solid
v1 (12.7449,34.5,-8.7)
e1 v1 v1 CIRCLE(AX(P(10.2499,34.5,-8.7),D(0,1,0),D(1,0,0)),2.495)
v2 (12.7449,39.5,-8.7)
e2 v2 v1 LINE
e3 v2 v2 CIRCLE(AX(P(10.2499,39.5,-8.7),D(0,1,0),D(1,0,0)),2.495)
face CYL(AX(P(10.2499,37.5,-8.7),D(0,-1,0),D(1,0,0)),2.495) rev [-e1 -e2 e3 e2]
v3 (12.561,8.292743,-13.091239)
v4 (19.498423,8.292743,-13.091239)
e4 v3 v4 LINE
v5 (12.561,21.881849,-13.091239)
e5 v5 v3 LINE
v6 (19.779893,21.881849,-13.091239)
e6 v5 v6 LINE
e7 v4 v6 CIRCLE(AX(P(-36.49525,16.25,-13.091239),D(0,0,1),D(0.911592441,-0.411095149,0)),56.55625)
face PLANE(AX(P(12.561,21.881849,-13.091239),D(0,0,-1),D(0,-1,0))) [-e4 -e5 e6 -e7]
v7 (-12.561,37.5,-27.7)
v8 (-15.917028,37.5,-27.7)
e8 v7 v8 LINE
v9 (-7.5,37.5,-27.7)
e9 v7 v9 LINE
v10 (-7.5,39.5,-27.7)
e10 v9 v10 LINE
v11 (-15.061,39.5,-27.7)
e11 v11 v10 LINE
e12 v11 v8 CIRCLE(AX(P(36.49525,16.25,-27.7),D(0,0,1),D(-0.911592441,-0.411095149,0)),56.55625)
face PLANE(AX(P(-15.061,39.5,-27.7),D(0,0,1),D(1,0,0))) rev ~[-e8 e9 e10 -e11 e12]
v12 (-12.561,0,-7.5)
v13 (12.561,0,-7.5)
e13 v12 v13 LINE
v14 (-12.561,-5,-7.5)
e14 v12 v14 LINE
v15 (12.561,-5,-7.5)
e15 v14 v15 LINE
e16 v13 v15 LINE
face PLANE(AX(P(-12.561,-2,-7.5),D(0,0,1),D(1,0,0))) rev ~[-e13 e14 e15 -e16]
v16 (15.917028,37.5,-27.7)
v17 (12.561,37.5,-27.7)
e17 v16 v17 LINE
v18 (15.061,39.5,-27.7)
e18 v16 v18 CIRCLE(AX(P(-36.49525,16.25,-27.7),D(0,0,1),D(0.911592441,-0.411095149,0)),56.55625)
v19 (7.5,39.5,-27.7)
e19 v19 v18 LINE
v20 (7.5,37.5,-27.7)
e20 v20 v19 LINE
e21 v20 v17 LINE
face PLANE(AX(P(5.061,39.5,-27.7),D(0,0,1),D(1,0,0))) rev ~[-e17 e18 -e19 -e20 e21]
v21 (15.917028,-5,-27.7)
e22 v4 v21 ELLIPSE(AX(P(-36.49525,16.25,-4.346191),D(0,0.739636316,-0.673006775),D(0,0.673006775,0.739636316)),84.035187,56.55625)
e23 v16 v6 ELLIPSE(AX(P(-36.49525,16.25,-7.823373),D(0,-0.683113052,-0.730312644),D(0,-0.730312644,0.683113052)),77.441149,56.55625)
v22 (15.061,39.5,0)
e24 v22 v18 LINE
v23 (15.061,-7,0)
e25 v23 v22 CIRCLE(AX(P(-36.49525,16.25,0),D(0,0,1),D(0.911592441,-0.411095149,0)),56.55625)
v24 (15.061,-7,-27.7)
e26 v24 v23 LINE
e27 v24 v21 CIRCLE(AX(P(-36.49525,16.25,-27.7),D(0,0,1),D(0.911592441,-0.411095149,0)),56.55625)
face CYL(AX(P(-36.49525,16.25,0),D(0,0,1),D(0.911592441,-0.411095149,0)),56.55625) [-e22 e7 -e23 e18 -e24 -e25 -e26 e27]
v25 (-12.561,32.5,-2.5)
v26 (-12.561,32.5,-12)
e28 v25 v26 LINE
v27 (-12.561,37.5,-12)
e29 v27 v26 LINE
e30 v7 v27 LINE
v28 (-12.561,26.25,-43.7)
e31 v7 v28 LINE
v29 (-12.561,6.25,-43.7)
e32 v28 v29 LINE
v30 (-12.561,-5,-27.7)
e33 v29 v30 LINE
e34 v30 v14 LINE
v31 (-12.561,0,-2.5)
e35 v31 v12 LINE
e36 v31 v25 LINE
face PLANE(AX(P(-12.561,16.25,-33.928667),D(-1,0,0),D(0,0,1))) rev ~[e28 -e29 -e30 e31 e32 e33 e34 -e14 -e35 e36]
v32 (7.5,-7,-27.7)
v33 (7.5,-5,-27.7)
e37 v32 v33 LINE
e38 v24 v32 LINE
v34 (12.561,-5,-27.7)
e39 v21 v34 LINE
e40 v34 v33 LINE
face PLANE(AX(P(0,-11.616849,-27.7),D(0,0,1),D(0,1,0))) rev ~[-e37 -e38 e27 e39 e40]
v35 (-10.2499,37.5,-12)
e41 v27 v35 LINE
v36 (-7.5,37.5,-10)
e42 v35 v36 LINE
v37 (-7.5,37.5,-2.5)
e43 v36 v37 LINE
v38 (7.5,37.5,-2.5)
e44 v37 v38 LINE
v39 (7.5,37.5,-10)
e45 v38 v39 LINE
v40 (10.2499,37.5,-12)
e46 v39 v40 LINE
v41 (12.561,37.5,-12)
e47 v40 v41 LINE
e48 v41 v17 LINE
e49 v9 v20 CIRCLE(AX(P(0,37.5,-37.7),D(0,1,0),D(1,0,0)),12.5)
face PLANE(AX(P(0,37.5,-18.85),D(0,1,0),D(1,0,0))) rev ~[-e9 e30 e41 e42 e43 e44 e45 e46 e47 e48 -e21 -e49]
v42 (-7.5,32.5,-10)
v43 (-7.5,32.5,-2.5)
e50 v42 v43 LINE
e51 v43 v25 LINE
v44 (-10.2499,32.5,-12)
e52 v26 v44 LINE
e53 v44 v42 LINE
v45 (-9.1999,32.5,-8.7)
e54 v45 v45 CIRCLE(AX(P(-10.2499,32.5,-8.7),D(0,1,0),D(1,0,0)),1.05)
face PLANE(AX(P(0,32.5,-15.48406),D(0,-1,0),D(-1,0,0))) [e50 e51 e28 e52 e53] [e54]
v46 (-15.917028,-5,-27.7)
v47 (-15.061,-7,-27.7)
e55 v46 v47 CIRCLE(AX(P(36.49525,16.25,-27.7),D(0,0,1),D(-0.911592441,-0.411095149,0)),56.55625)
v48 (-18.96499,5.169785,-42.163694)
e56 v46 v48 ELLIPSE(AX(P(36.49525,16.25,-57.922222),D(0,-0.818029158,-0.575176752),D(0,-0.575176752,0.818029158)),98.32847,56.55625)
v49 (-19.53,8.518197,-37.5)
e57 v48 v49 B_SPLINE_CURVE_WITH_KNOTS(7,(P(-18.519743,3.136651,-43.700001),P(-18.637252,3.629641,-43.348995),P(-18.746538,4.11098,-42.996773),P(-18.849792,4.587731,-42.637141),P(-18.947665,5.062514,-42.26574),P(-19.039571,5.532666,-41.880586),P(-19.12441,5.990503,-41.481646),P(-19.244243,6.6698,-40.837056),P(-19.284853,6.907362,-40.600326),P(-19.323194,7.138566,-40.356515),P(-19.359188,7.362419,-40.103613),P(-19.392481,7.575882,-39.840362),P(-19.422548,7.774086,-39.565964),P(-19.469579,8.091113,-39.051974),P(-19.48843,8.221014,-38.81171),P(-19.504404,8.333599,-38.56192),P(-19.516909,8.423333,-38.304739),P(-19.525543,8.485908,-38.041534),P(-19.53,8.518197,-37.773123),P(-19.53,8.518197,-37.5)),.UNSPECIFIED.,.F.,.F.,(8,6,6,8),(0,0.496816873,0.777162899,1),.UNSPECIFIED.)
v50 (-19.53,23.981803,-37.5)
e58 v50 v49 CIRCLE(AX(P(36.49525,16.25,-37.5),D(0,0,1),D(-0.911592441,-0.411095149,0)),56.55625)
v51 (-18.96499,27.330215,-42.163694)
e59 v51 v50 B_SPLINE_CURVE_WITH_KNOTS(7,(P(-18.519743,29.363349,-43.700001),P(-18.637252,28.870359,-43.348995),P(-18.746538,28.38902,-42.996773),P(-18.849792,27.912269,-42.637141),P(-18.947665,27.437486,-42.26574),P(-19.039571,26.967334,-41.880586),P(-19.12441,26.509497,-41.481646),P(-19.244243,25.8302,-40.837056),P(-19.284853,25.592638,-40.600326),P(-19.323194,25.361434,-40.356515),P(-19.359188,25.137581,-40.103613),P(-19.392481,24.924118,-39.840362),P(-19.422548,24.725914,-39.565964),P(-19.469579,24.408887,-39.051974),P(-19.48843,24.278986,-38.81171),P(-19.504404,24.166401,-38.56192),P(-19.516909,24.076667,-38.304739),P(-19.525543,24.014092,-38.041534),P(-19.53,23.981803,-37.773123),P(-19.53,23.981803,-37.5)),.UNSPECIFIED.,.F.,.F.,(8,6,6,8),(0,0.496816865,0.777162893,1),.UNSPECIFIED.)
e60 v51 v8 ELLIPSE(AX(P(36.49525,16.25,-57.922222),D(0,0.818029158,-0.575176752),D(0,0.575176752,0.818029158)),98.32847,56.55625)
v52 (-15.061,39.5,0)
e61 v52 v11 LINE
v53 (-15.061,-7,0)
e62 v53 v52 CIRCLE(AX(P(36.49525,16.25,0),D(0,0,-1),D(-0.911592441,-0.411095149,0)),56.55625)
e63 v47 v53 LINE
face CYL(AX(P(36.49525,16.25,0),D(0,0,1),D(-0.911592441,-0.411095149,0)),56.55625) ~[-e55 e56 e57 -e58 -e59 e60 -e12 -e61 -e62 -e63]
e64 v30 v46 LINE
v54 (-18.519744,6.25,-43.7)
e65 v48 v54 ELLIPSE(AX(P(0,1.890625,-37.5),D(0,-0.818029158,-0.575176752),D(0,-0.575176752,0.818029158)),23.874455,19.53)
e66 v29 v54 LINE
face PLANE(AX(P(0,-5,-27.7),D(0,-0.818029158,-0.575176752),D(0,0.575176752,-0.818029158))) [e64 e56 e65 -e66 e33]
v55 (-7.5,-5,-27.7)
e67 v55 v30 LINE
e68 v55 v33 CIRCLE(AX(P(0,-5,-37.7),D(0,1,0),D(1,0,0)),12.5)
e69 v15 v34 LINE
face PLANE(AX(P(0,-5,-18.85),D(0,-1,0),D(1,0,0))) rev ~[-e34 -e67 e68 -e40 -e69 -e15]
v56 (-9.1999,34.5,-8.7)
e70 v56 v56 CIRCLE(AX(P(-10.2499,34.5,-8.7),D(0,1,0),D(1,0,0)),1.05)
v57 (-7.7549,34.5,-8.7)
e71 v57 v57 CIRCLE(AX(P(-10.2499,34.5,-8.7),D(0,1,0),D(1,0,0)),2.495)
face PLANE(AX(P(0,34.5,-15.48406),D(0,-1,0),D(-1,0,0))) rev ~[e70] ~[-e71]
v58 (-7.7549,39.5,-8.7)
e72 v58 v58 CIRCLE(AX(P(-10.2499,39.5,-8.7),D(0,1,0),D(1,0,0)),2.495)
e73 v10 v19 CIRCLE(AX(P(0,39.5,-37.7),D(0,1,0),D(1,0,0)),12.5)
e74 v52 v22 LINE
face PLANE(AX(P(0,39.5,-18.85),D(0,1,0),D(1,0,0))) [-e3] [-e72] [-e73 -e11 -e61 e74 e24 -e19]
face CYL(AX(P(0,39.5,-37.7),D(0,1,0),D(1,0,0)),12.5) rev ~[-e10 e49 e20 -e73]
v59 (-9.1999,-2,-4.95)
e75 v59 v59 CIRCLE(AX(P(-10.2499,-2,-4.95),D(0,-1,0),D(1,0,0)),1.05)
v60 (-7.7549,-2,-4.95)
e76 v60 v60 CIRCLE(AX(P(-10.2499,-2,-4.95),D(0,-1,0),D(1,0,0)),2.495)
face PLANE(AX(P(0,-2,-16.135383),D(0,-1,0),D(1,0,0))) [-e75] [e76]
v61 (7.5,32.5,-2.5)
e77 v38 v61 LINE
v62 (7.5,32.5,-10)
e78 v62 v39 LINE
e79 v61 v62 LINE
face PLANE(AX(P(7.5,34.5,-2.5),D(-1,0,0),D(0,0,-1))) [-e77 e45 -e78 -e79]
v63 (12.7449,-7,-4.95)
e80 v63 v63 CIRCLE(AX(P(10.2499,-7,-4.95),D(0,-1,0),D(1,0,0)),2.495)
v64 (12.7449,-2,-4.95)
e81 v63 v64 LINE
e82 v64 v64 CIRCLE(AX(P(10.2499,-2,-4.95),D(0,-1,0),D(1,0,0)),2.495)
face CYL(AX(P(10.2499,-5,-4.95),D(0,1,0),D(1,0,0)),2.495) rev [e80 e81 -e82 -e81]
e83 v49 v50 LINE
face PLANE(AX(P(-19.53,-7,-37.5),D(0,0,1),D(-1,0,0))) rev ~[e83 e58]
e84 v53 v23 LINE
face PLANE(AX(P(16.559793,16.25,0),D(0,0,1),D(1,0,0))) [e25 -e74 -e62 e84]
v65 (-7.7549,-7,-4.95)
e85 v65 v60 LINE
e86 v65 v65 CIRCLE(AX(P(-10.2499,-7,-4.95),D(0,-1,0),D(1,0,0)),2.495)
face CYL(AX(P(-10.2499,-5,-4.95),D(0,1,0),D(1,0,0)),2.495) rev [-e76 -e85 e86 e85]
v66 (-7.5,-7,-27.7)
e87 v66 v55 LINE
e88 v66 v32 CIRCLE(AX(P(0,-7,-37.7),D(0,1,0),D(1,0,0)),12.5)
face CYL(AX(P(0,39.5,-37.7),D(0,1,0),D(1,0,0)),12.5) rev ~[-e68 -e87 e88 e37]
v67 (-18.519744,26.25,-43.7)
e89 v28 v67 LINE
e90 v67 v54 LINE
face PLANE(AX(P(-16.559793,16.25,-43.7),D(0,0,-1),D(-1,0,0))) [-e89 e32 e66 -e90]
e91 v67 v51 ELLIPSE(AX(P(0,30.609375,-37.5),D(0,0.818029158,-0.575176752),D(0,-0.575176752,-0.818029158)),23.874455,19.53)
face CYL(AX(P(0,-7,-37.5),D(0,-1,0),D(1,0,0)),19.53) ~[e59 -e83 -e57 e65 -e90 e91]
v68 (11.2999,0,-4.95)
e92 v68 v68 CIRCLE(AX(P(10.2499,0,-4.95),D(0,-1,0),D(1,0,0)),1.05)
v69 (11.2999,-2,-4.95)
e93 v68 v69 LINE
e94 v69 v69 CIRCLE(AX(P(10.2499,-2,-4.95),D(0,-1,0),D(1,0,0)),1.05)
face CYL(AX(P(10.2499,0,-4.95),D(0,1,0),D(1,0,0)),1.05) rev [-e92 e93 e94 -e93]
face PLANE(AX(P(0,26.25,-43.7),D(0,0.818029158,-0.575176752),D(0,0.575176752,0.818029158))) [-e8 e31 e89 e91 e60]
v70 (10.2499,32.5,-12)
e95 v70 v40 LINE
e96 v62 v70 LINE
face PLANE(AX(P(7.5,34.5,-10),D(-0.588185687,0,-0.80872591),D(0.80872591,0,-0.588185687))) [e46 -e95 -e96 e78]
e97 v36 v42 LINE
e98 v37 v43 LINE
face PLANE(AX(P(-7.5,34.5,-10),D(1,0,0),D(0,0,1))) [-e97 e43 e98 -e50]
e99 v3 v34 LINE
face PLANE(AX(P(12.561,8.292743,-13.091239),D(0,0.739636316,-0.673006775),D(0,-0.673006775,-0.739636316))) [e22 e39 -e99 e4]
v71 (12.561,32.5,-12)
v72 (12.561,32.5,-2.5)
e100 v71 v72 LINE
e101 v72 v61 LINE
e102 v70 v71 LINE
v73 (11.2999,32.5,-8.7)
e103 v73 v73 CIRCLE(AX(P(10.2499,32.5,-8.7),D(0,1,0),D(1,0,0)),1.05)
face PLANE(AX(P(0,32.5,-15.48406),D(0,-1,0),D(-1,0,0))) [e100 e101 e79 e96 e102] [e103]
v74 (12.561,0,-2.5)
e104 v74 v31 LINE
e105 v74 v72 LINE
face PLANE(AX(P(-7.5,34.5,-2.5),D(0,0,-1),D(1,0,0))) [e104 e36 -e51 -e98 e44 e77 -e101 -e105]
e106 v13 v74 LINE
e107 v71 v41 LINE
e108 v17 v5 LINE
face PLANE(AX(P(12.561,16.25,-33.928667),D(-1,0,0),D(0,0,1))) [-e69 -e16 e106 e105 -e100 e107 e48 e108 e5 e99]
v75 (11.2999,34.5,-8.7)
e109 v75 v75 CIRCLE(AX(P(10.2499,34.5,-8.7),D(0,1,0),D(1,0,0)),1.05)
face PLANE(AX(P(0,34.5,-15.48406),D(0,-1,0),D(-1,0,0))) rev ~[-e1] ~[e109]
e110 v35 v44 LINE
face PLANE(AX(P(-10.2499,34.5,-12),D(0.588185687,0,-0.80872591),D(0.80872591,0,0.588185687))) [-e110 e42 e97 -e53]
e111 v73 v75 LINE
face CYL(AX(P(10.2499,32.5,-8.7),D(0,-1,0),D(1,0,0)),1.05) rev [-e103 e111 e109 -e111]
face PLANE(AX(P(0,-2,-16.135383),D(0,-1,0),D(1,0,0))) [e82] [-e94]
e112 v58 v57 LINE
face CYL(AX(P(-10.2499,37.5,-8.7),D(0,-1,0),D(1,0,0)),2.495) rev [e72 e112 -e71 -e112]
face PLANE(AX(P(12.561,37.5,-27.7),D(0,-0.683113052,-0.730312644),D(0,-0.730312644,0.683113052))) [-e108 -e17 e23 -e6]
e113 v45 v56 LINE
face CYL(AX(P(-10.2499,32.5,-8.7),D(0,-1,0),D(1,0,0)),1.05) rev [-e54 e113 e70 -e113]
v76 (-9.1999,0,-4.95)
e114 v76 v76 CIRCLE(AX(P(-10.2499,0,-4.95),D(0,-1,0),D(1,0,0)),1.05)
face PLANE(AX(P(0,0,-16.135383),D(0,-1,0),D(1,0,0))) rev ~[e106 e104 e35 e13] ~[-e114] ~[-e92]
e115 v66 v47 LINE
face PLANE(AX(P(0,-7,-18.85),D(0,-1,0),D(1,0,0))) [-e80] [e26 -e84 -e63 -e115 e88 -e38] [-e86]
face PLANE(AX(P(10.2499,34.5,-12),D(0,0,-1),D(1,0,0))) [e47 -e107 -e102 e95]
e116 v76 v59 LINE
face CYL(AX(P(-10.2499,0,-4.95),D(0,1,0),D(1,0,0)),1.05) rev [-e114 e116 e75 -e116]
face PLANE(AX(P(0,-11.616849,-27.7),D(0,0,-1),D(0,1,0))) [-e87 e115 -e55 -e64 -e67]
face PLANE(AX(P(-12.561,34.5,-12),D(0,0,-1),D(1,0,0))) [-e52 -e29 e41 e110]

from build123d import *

# Parameters (mm, degrees)
BOSS_EXTRUDE1_DEPTH     = 32.5
SKETCH4_R               = 1.05
BOSS_EXTRUDE2_DEPTH     = 2
SKETCH7_R               = 2.495
WIRE_SPACING2_DEPTH     = 3
SKETCH8_W               = 30.122
SKETCH8_H               = 37.7
SKETCH8_R               = 2.495
BOSS_EXTRUDE6_DEPTH     = 2
SKETCH5_R               = 1.05
BOSS_EXTRUDE3_DEPTH     = 2
SKETCH9_R               = 2.495
WIRE_SPACING1_DEPTH     = 3
SKETCH10_W              = 30.122
SKETCH10_H              = 37.7
SKETCH10_R              = 2.495
BOSS_EXTRUDE8_DEPTH     = 2
SKETCH11_R              = 12.5
CUT_EXTRUDE1_DEPTH      = 47.5
SKETCH18_W              = 10
SKETCH18_H              = 10
CUT_EXTRUDE4_DEPTH      = 47.5
BOSS_EXTRUDE10_DEPTH    = 2.5
BOSS_EXTRUDE11_DEPTH    = 2.5
BOSS_EXTRUDE12_DEPTH    = 43.7
CUT_EXTRUDE5_DEPTH      = 21.061
CUT_EXTRUDE5_DEPTH_BACK = 21.061
CUT_EXTRUDE7_DEPTH      = 8.5
CUT_EXTRUDE8_DEPTH      = 47.5


with BuildPart() as part:
    # Sketch2 → Boss-Extrude1 (new body)
    with BuildSketch(Plane(origin=(0, 0, 0), x_dir=(1, 0, 0), z_dir=(0, 1, 0))):
        Polygon((15.061, 0), (15.061, 37.7), (12.561, 37.7), (12.561, 2.5), (-12.561, 2.5), (-12.561, 37.7), (-15.061, 37.7), (-15.061, 0), align=None)
    extrude(amount=BOSS_EXTRUDE1_DEPTH)

    # Sketch4 → Boss-Extrude2 (add)
    with BuildSketch(Plane.XZ):
        Polygon((-15.061, 0), (-15.061, -7.443777264), (-15.061, -37.7), (-12.561, -37.7), (-12.561, -7.5), (12.561, -7.5), (12.561, -37.7), (15.061, -37.7), (15.061, -7.443777264), (15.061, 0), align=None)
        with Locations((-10.2499, -4.95)):
            Circle(SKETCH4_R, mode=Mode.SUBTRACT)
        with Locations((10.2499, -4.95)):
            Circle(SKETCH4_R, mode=Mode.SUBTRACT)
    extrude(amount=BOSS_EXTRUDE2_DEPTH)

    # Sketch7 → Wire spacing2 (add)
    with BuildSketch(Plane.XZ.offset(2)):
        Polygon((-15.061, 0), (-15.061, -37.7), (-12.561, -37.7), (-12.561, -7.5), (12.561, -7.5), (12.561, -37.7), (15.061, -37.7), (15.061, 0), align=None)
        with Locations((-10.2499, -4.95)):
            Circle(SKETCH7_R, mode=Mode.SUBTRACT)
        with Locations((10.2499, -4.95)):
            Circle(SKETCH7_R, mode=Mode.SUBTRACT)
    extrude(amount=WIRE_SPACING2_DEPTH)

    # Sketch8 → Boss-Extrude6 (add)
    with BuildSketch(Plane.XZ.offset(5)):
        with Locations((0, -18.85)):
            Rectangle(SKETCH8_W, SKETCH8_H)
        with Locations((-10.2499, -4.95)):
            Circle(SKETCH8_R, mode=Mode.SUBTRACT)
        with Locations((10.2499, -4.95)):
            Circle(SKETCH8_R, mode=Mode.SUBTRACT)
    extrude(amount=BOSS_EXTRUDE6_DEPTH)

    # Sketch5 → Boss-Extrude3 (add)
    with BuildSketch(Plane(origin=(0, 32.5, 0), x_dir=(1, 0, 0), z_dir=(0, 1, 0))):
        Polygon((-7.5, 10), (-7.5, 2.5), (7.5, 2.5), (7.5, 10), (10.2499, 12), (12.561, 12), (12.561, 37.7), (15.061, 37.7), (15.061, 0), (-15.061, 0), (-15.061, 37.7), (-12.561, 37.7), (-12.561, 12), (-10.2499, 12), align=None)
        with Locations((-10.2499, 8.7)):
            Circle(SKETCH5_R, mode=Mode.SUBTRACT)
        with Locations((10.2499, 8.7)):
            Circle(SKETCH5_R, mode=Mode.SUBTRACT)
    extrude(amount=BOSS_EXTRUDE3_DEPTH)

    # Sketch9 → Wire spacing1 (add)
    with BuildSketch(Plane(origin=(0, 34.5, 0), x_dir=(1, 0, 0), z_dir=(0, 1, 0))):
        Polygon((-15.061, 0), (-15.061, 37.7), (-12.561, 37.7), (-12.561, 12), (-10.2499, 12), (-7.5, 10), (-7.5, 2.5), (7.5, 2.5), (7.5, 10), (10.2499, 12), (12.561, 12), (12.561, 37.7), (15.061, 37.7), (15.061, 0), align=None)
        with Locations((-10.2499, 8.7)):
            Circle(SKETCH9_R, mode=Mode.SUBTRACT)
        with Locations((10.2499, 8.7)):
            Circle(SKETCH9_R, mode=Mode.SUBTRACT)
    extrude(amount=WIRE_SPACING1_DEPTH)

    # Sketch10 → Boss-Extrude8 (add)
    with BuildSketch(Plane(origin=(0, 37.5, 0), x_dir=(1, 0, 0), z_dir=(0, 1, 0))):
        with Locations((0, 18.85)):
            Rectangle(SKETCH10_W, SKETCH10_H)
        with Locations((-10.2499, 8.7)):
            Circle(SKETCH10_R, mode=Mode.SUBTRACT)
        with Locations((10.2499, 8.7)):
            Circle(SKETCH10_R, mode=Mode.SUBTRACT)
    extrude(amount=BOSS_EXTRUDE8_DEPTH)

    # Sketch11 → Cut-Extrude1 (cut, through all)
    with BuildSketch(Plane(origin=(0, 39.5, 0), x_dir=(1, 0, 0), z_dir=(0, 1, 0))):
        with Locations((0, 37.7)):
            Circle(SKETCH11_R)
    extrude(amount=-CUT_EXTRUDE1_DEPTH, mode=Mode.SUBTRACT)

    # Sketch18 → Cut-Extrude4 (cut, through all)
    with BuildSketch(Plane(origin=(0, 39.5, 0), x_dir=(1, 0, 0), z_dir=(0, 1, 0))):
        with Locations((-10.061, 32.7)):
            Rectangle(SKETCH18_W, SKETCH18_H)
        with Locations((10.061, 32.7)):
            Rectangle(SKETCH18_W, SKETCH18_H)
    extrude(amount=-CUT_EXTRUDE4_DEPTH, mode=Mode.SUBTRACT)

    # Sketch19 → Boss-Extrude10 (add)
    with BuildSketch(Plane.ZY.offset(15.061)):
        Polygon((-27.7, 37.5), (-43.7, 26.25), (-43.7, 6.25), (-27.7, -5), align=None)
    extrude(amount=-BOSS_EXTRUDE10_DEPTH)

    # Sketch20 → Boss-Extrude11 (add)
    with BuildSketch(Plane(origin=(15.061, 0, 0), x_dir=(0, 0, -1), z_dir=(1, 0, 0))):
        Polygon((27.7, 37.5), (43.7, 26.25), (43.7, 6.25), (27.7, -5), align=None)
    extrude(amount=-BOSS_EXTRUDE11_DEPTH)

    # Sketch21 → Boss-Extrude12 (add)
    with BuildSketch(Plane.XY):
        with BuildLine():
            Line((15.061, 39.5), (15.061, -7))
            ThreePointArc((15.061, -7), (20.061, 16.25), (15.061, 39.5))
        make_face()
        with BuildLine():
            Line((-15.061, 39.5), (-15.061, -7))
            ThreePointArc((-15.061, -7), (-20.061, 16.25), (-15.061, 39.5))
        make_face()
    extrude(amount=-BOSS_EXTRUDE12_DEPTH)

    # Sketch22 → Cut-Extrude5 (cut, two sides)
    with BuildSketch(Plane(origin=(0, 0, 0), x_dir=(0, 0, -1), z_dir=(1, 0, 0))) as cut_extrude5_sk:
        Polygon((27.7, 37.5), (27.7, 39.5), (50.372745126, 39.5), (50.372745126, -11.616849197), (27.7, -11.616849197), (27.7, -5), (43.7, 6.25), (43.7, 26.25), align=None)
    extrude(amount=CUT_EXTRUDE5_DEPTH, mode=Mode.SUBTRACT)
    extrude(cut_extrude5_sk.sketch, amount=-CUT_EXTRUDE5_DEPTH_BACK, mode=Mode.SUBTRACT)

    # Sketch23 → Cut-Extrude7 (cut, through all)
    with BuildSketch(Plane.ZY.offset(-12.561)):
        Polygon((-27.7, 37.5), (-13.091239011, 21.881848889), (-13.091239011, 8.292742538), (-27.7, -5), (-48.045036631, -3.33430033), (-49.353078953, 36.560990509), align=None)
    extrude(amount=-CUT_EXTRUDE7_DEPTH, mode=Mode.SUBTRACT)

    # Sketch24 → Cut-Extrude8 (cut, through all)
    with BuildSketch(Plane.XZ.offset(7)):
        with BuildLine():
            Line((-19.53, -76.468982583), (19.53, -77.324698996))
            Line((19.53, -77.324698996), (19.53, -37.5))
            ThreePointArc((19.53, -37.5), (0, -57.03), (-19.53, -37.5))
            Line((-19.53, -37.5), (-36.23071583, -37.5))
            Line((-36.23071583, -37.5), (-36.23071583, -76.468982583))
            Line((-36.23071583, -76.468982583), (-19.53, -76.468982583))
        make_face()
    extrude(amount=-CUT_EXTRUDE8_DEPTH, mode=Mode.SUBTRACT)


solid = part.part
